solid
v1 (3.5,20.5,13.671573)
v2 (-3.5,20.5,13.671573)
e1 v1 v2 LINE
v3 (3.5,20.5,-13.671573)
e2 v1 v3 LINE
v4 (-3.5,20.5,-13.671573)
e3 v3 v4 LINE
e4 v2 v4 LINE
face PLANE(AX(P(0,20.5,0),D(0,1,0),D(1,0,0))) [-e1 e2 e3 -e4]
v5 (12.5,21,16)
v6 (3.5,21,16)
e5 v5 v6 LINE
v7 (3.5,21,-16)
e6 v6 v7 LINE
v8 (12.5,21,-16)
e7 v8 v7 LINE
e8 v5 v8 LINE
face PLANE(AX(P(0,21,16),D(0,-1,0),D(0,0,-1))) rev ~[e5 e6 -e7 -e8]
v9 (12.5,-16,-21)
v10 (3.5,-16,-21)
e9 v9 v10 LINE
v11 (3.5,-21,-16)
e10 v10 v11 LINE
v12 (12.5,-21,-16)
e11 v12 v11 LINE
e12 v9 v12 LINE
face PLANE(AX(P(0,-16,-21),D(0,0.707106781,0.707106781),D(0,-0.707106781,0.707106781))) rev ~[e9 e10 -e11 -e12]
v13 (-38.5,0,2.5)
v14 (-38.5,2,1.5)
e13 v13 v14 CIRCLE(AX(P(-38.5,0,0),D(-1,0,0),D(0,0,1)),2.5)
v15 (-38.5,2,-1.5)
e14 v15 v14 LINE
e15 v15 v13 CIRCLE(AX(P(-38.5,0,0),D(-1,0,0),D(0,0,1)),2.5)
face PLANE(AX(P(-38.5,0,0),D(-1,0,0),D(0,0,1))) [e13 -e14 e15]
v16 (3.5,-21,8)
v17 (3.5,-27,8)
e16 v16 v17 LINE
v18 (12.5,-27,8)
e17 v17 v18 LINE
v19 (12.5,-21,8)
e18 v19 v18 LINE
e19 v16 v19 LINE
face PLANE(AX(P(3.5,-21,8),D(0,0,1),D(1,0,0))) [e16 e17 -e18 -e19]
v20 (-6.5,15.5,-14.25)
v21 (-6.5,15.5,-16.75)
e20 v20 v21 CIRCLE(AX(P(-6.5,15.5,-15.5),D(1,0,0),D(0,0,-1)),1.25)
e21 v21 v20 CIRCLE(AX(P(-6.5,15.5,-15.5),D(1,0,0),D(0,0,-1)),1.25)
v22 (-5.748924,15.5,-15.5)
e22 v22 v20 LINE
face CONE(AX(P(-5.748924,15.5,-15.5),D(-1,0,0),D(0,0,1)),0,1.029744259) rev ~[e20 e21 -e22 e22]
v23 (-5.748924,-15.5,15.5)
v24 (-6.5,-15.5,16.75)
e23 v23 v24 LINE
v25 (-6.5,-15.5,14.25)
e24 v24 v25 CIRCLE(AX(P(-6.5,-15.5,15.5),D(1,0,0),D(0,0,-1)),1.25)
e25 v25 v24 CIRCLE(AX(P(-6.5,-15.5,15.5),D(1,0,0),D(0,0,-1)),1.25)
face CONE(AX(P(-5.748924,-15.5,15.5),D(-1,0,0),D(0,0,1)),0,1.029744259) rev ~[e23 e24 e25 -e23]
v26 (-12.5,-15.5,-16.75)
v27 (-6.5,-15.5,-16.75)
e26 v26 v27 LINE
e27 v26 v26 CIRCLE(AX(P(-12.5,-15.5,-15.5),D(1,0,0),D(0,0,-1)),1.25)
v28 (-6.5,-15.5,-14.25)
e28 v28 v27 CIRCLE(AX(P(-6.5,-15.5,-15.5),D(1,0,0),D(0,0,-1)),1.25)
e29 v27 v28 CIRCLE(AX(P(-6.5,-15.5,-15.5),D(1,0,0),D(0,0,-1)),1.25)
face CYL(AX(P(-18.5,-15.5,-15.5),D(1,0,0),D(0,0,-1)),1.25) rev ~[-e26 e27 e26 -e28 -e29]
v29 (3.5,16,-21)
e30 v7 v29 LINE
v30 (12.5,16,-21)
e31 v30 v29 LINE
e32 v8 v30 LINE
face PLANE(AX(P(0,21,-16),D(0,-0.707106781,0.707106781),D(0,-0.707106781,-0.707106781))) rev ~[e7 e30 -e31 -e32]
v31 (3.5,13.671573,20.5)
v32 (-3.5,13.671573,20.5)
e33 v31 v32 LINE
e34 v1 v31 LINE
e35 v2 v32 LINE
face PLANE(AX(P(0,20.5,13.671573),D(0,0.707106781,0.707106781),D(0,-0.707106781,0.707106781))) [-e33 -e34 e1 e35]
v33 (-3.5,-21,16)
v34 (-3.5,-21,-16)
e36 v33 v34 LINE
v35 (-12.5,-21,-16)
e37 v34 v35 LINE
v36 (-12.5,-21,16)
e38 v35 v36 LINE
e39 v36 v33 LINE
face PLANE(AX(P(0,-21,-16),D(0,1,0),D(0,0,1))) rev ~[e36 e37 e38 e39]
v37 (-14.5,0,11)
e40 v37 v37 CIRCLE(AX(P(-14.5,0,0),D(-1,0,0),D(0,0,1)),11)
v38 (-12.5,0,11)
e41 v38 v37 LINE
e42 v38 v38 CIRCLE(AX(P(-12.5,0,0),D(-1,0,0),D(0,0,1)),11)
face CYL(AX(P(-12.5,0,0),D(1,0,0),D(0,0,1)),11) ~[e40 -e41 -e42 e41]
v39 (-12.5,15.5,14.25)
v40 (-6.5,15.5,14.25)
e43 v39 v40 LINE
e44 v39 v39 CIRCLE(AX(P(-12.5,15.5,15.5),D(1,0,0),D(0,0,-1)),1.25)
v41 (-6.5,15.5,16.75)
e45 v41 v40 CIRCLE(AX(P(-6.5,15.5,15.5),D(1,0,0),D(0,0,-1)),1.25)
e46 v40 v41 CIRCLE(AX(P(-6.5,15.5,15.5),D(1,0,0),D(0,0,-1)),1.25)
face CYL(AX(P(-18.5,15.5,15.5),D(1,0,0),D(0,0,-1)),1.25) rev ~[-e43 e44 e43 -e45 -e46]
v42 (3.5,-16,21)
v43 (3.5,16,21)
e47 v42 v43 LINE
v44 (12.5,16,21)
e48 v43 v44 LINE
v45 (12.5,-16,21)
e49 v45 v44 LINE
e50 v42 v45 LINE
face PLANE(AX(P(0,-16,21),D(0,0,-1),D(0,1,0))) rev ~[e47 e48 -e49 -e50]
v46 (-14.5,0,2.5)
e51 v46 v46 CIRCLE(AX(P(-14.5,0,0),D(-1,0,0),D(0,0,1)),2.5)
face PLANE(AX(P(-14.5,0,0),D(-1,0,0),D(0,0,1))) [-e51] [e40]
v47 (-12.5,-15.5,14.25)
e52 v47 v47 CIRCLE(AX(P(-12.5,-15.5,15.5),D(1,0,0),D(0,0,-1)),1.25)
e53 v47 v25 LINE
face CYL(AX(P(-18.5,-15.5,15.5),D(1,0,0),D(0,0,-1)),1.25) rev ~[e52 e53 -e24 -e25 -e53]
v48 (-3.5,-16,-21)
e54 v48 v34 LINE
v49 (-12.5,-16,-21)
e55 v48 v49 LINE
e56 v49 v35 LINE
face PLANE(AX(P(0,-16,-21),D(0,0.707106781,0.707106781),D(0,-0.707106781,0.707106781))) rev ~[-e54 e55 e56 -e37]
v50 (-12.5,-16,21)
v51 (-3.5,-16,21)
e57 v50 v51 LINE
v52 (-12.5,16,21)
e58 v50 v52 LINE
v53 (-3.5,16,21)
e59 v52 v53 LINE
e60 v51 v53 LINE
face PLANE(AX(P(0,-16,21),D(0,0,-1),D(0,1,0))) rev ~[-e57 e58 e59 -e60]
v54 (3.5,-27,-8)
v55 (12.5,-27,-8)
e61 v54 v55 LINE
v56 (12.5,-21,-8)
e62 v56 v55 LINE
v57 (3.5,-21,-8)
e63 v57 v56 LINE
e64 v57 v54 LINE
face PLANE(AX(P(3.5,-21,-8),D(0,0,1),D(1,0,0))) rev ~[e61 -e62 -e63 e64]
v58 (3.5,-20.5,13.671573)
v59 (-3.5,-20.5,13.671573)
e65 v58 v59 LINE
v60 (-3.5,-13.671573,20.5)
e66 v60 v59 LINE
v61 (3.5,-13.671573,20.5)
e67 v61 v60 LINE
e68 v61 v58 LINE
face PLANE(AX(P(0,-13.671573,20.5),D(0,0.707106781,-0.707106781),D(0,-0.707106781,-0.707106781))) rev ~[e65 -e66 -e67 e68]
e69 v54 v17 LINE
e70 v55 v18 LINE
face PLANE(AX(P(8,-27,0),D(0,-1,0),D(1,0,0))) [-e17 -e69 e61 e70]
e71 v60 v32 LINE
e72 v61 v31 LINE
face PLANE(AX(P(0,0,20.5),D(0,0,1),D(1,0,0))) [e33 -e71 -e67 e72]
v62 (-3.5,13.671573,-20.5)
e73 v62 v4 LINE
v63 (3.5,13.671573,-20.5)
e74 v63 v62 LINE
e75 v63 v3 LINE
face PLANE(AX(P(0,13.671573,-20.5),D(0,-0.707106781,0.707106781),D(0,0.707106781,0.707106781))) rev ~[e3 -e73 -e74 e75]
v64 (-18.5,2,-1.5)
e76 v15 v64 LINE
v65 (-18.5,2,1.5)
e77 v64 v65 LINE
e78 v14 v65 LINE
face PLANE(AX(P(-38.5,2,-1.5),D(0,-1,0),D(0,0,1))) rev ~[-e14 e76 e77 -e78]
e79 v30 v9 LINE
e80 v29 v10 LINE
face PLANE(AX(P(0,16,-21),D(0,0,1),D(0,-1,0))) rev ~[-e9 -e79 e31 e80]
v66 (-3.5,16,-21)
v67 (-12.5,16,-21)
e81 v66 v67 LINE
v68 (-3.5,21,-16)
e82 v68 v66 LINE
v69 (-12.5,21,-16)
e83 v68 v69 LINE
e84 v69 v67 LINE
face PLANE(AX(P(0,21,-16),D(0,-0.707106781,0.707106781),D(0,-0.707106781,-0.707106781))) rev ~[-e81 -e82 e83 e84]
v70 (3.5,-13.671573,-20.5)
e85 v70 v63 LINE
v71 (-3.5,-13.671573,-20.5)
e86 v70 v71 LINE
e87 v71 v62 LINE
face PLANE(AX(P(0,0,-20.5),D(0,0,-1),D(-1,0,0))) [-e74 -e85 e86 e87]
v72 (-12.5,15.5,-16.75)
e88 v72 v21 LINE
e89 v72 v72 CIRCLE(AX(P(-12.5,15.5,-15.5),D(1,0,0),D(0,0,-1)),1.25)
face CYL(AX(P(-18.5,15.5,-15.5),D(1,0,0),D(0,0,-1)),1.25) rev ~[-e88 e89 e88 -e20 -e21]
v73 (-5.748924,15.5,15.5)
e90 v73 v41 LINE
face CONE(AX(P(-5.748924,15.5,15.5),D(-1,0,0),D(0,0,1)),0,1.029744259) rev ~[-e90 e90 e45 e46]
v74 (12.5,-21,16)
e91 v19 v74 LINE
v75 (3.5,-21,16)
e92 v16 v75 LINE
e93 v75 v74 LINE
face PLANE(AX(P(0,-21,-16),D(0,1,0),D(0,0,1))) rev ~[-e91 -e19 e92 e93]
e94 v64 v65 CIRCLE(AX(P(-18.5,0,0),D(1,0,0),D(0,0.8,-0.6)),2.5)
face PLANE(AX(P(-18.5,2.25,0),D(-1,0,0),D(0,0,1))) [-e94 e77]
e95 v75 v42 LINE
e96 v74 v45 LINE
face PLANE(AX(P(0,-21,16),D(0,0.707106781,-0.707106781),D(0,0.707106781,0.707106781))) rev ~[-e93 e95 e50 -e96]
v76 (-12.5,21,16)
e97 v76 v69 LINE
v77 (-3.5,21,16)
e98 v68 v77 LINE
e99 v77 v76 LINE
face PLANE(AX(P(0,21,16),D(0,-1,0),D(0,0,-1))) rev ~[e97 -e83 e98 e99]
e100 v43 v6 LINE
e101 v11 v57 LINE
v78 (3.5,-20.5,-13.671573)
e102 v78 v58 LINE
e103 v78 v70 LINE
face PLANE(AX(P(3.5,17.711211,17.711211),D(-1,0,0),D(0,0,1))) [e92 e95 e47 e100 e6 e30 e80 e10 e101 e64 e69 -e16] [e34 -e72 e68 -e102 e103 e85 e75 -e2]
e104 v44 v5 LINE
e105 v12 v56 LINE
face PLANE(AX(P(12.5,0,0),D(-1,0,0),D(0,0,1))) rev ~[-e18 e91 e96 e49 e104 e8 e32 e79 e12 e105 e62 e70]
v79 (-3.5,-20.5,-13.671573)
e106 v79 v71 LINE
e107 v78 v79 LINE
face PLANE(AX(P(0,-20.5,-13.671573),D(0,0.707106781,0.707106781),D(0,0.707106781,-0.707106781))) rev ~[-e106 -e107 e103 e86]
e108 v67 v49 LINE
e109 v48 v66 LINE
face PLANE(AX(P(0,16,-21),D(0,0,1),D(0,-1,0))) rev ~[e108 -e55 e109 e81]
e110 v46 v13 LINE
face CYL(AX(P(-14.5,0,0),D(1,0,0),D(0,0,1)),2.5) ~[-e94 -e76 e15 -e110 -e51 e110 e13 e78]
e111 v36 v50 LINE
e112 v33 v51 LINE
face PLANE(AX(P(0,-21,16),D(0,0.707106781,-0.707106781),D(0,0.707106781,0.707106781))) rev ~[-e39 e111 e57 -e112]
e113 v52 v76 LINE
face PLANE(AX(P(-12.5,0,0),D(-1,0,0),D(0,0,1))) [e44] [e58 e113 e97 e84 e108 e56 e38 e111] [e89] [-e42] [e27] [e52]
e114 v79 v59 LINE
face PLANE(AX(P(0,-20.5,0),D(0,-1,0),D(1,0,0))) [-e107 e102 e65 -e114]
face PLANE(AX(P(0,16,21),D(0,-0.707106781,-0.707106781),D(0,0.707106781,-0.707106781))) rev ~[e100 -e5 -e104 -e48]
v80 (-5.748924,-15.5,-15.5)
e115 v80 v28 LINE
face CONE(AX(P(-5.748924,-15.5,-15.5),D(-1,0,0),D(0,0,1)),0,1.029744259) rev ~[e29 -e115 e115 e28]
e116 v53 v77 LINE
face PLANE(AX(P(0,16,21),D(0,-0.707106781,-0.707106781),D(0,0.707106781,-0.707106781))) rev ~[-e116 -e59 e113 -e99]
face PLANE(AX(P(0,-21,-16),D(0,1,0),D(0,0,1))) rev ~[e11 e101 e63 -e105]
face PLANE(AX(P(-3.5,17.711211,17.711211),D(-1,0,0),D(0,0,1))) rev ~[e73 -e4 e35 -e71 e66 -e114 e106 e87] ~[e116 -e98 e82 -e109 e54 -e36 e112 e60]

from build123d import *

# Parameters (mm, degrees)
BOSS_EXTRUDE1_DEPTH   = 12.5
CUT_EXTRUDE1_DEPTH    = 3.5
SKETCH4_W             = 7
SKETCH4_H             = 27.34314575
CUT_EXTRUDE2_DEPTH    = 0.5
SKETCH5_W             = 7
SKETCH5_H             = 27.34314575
CUT_EXTRUDE3_DEPTH    = 0.5
SKETCH6_W             = 7
SKETCH6_H             = 27.34314575
CUT_EXTRUDE4_DEPTH    = 0.5
SKETCH7_W             = 7
SKETCH7_H             = 27.34314575
CUT_EXTRUDE5_DEPTH    = 0.5
SKETCH8_R             = 11
BOSS_EXTRUDE2_DEPTH   = 2
SKETCH9_R             = 2.5
BOSS_EXTRUDE3_DEPTH   = 24
M3_TAPPED_HOLE1_D     = 2.5
M3_TAPPED_HOLE1_DEPTH = 6
M3_TAPPED_HOLE1_TIP   = 0.751075774
SKETCH12_W            = 3
SKETCH12_H            = 0.5
CUT_EXTRUDE6_DEPTH    = 20
SKETCH13_W            = 9
SKETCH13_H            = 16
BOSS_EXTRUDE4_DEPTH   = 6


with BuildPart() as part:
    # Sketch1 → Boss-Extrude1 (new body, symmetric)
    with BuildSketch(Plane(origin=(0, 0, 0), x_dir=(0, 0, -1), z_dir=(1, 0, 0))):
        Polygon((-21, 16), (-16, 21), (16, 21), (21, 16), (21, -16), (16, -21), (-16, -21), (-21, -16), align=None)
    extrude(amount=BOSS_EXTRUDE1_DEPTH, both=True)

    # Sketch2 → Cut-Extrude1 (cut, symmetric)
    with BuildSketch(Plane(origin=(0, 0, 0), x_dir=(0, 0, -1), z_dir=(1, 0, 0))):
        Polygon((-21, -13.671572875), (-20.5, -13.671572875), (-13.671572875, -20.5), (-13.671572875, -21), (-16, -21), (-21, -16), align=None)
        Polygon((13.671572875, -21), (13.671572875, -20.5), (20.5, -13.671572875), (21, -13.671572875), (21, -16), (16, -21), align=None)
        Polygon((21, 13.671572875), (20.5, 13.671572875), (13.671572875, 20.5), (13.671572875, 21), (16, 21), (21, 16), align=None)
        Polygon((-13.671572875, 21), (-13.671572875, 20.5), (-20.5, 13.671572875), (-21, 13.671572875), (-21, 16), (-16, 21), align=None)
    extrude(amount=CUT_EXTRUDE1_DEPTH, both=True, mode=Mode.SUBTRACT)

    # Sketch4 → Cut-Extrude2 (cut)
    with BuildSketch(Plane.XY.offset(21)):
        Rectangle(SKETCH4_W, SKETCH4_H)
    extrude(amount=-CUT_EXTRUDE2_DEPTH, mode=Mode.SUBTRACT)

    # Sketch5 → Cut-Extrude3 (cut)
    with BuildSketch(Plane(origin=(0, 21, 0), x_dir=(1, 0, 0), z_dir=(0, 1, 0))):
        Rectangle(SKETCH5_W, SKETCH5_H)
    extrude(amount=-CUT_EXTRUDE3_DEPTH, mode=Mode.SUBTRACT)

    # Sketch6 → Cut-Extrude4 (cut)
    with BuildSketch(Plane(origin=(0, 0, -21), x_dir=(-1, 0, 0), z_dir=(0, 0, -1))):
        Rectangle(SKETCH6_W, SKETCH6_H)
    extrude(amount=-CUT_EXTRUDE4_DEPTH, mode=Mode.SUBTRACT)

    # Sketch7 → Cut-Extrude5 (cut)
    with BuildSketch(Plane.XZ.offset(21)):
        Rectangle(SKETCH7_W, SKETCH7_H)
    extrude(amount=-CUT_EXTRUDE5_DEPTH, mode=Mode.SUBTRACT)

    # Sketch8 → Boss-Extrude2 (add)
    with BuildSketch(Plane.ZY.offset(12.5)):
        Circle(SKETCH8_R)
    extrude(amount=BOSS_EXTRUDE2_DEPTH)

    # Sketch9 → Boss-Extrude3 (add)
    with BuildSketch(Plane.ZY.offset(14.5)):
        Circle(SKETCH9_R)
    extrude(amount=BOSS_EXTRUDE3_DEPTH)

    # M3 Tapped Hole1
    with Locations(Plane.ZY.offset(12.5)):
        with Locations((-15.5, 15.5), (15.5, 15.5), (-15.5, -15.5), (15.5, -15.5)):
            Hole(M3_TAPPED_HOLE1_D / 2, depth=M3_TAPPED_HOLE1_DEPTH)
            with Locations((0, 0, -(M3_TAPPED_HOLE1_DEPTH + M3_TAPPED_HOLE1_TIP / 2))):  # 118° drill point
                Cone(0, M3_TAPPED_HOLE1_D / 2, M3_TAPPED_HOLE1_TIP, mode=Mode.SUBTRACT)

    # Sketch12 → Cut-Extrude6 (cut)
    with BuildSketch(Plane.ZY.offset(38.5)):
        with Locations((0, 2.25)):
            Rectangle(SKETCH12_W, SKETCH12_H)
    extrude(amount=-CUT_EXTRUDE6_DEPTH, mode=Mode.SUBTRACT)

    # Sketch13 → Boss-Extrude4 (add)
    with BuildSketch(Plane.XZ.offset(21)):
        with Locations((8, 0)):
            Rectangle(SKETCH13_W, SKETCH13_H)
    extrude(amount=BOSS_EXTRUDE4_DEPTH)


solid = part.part
